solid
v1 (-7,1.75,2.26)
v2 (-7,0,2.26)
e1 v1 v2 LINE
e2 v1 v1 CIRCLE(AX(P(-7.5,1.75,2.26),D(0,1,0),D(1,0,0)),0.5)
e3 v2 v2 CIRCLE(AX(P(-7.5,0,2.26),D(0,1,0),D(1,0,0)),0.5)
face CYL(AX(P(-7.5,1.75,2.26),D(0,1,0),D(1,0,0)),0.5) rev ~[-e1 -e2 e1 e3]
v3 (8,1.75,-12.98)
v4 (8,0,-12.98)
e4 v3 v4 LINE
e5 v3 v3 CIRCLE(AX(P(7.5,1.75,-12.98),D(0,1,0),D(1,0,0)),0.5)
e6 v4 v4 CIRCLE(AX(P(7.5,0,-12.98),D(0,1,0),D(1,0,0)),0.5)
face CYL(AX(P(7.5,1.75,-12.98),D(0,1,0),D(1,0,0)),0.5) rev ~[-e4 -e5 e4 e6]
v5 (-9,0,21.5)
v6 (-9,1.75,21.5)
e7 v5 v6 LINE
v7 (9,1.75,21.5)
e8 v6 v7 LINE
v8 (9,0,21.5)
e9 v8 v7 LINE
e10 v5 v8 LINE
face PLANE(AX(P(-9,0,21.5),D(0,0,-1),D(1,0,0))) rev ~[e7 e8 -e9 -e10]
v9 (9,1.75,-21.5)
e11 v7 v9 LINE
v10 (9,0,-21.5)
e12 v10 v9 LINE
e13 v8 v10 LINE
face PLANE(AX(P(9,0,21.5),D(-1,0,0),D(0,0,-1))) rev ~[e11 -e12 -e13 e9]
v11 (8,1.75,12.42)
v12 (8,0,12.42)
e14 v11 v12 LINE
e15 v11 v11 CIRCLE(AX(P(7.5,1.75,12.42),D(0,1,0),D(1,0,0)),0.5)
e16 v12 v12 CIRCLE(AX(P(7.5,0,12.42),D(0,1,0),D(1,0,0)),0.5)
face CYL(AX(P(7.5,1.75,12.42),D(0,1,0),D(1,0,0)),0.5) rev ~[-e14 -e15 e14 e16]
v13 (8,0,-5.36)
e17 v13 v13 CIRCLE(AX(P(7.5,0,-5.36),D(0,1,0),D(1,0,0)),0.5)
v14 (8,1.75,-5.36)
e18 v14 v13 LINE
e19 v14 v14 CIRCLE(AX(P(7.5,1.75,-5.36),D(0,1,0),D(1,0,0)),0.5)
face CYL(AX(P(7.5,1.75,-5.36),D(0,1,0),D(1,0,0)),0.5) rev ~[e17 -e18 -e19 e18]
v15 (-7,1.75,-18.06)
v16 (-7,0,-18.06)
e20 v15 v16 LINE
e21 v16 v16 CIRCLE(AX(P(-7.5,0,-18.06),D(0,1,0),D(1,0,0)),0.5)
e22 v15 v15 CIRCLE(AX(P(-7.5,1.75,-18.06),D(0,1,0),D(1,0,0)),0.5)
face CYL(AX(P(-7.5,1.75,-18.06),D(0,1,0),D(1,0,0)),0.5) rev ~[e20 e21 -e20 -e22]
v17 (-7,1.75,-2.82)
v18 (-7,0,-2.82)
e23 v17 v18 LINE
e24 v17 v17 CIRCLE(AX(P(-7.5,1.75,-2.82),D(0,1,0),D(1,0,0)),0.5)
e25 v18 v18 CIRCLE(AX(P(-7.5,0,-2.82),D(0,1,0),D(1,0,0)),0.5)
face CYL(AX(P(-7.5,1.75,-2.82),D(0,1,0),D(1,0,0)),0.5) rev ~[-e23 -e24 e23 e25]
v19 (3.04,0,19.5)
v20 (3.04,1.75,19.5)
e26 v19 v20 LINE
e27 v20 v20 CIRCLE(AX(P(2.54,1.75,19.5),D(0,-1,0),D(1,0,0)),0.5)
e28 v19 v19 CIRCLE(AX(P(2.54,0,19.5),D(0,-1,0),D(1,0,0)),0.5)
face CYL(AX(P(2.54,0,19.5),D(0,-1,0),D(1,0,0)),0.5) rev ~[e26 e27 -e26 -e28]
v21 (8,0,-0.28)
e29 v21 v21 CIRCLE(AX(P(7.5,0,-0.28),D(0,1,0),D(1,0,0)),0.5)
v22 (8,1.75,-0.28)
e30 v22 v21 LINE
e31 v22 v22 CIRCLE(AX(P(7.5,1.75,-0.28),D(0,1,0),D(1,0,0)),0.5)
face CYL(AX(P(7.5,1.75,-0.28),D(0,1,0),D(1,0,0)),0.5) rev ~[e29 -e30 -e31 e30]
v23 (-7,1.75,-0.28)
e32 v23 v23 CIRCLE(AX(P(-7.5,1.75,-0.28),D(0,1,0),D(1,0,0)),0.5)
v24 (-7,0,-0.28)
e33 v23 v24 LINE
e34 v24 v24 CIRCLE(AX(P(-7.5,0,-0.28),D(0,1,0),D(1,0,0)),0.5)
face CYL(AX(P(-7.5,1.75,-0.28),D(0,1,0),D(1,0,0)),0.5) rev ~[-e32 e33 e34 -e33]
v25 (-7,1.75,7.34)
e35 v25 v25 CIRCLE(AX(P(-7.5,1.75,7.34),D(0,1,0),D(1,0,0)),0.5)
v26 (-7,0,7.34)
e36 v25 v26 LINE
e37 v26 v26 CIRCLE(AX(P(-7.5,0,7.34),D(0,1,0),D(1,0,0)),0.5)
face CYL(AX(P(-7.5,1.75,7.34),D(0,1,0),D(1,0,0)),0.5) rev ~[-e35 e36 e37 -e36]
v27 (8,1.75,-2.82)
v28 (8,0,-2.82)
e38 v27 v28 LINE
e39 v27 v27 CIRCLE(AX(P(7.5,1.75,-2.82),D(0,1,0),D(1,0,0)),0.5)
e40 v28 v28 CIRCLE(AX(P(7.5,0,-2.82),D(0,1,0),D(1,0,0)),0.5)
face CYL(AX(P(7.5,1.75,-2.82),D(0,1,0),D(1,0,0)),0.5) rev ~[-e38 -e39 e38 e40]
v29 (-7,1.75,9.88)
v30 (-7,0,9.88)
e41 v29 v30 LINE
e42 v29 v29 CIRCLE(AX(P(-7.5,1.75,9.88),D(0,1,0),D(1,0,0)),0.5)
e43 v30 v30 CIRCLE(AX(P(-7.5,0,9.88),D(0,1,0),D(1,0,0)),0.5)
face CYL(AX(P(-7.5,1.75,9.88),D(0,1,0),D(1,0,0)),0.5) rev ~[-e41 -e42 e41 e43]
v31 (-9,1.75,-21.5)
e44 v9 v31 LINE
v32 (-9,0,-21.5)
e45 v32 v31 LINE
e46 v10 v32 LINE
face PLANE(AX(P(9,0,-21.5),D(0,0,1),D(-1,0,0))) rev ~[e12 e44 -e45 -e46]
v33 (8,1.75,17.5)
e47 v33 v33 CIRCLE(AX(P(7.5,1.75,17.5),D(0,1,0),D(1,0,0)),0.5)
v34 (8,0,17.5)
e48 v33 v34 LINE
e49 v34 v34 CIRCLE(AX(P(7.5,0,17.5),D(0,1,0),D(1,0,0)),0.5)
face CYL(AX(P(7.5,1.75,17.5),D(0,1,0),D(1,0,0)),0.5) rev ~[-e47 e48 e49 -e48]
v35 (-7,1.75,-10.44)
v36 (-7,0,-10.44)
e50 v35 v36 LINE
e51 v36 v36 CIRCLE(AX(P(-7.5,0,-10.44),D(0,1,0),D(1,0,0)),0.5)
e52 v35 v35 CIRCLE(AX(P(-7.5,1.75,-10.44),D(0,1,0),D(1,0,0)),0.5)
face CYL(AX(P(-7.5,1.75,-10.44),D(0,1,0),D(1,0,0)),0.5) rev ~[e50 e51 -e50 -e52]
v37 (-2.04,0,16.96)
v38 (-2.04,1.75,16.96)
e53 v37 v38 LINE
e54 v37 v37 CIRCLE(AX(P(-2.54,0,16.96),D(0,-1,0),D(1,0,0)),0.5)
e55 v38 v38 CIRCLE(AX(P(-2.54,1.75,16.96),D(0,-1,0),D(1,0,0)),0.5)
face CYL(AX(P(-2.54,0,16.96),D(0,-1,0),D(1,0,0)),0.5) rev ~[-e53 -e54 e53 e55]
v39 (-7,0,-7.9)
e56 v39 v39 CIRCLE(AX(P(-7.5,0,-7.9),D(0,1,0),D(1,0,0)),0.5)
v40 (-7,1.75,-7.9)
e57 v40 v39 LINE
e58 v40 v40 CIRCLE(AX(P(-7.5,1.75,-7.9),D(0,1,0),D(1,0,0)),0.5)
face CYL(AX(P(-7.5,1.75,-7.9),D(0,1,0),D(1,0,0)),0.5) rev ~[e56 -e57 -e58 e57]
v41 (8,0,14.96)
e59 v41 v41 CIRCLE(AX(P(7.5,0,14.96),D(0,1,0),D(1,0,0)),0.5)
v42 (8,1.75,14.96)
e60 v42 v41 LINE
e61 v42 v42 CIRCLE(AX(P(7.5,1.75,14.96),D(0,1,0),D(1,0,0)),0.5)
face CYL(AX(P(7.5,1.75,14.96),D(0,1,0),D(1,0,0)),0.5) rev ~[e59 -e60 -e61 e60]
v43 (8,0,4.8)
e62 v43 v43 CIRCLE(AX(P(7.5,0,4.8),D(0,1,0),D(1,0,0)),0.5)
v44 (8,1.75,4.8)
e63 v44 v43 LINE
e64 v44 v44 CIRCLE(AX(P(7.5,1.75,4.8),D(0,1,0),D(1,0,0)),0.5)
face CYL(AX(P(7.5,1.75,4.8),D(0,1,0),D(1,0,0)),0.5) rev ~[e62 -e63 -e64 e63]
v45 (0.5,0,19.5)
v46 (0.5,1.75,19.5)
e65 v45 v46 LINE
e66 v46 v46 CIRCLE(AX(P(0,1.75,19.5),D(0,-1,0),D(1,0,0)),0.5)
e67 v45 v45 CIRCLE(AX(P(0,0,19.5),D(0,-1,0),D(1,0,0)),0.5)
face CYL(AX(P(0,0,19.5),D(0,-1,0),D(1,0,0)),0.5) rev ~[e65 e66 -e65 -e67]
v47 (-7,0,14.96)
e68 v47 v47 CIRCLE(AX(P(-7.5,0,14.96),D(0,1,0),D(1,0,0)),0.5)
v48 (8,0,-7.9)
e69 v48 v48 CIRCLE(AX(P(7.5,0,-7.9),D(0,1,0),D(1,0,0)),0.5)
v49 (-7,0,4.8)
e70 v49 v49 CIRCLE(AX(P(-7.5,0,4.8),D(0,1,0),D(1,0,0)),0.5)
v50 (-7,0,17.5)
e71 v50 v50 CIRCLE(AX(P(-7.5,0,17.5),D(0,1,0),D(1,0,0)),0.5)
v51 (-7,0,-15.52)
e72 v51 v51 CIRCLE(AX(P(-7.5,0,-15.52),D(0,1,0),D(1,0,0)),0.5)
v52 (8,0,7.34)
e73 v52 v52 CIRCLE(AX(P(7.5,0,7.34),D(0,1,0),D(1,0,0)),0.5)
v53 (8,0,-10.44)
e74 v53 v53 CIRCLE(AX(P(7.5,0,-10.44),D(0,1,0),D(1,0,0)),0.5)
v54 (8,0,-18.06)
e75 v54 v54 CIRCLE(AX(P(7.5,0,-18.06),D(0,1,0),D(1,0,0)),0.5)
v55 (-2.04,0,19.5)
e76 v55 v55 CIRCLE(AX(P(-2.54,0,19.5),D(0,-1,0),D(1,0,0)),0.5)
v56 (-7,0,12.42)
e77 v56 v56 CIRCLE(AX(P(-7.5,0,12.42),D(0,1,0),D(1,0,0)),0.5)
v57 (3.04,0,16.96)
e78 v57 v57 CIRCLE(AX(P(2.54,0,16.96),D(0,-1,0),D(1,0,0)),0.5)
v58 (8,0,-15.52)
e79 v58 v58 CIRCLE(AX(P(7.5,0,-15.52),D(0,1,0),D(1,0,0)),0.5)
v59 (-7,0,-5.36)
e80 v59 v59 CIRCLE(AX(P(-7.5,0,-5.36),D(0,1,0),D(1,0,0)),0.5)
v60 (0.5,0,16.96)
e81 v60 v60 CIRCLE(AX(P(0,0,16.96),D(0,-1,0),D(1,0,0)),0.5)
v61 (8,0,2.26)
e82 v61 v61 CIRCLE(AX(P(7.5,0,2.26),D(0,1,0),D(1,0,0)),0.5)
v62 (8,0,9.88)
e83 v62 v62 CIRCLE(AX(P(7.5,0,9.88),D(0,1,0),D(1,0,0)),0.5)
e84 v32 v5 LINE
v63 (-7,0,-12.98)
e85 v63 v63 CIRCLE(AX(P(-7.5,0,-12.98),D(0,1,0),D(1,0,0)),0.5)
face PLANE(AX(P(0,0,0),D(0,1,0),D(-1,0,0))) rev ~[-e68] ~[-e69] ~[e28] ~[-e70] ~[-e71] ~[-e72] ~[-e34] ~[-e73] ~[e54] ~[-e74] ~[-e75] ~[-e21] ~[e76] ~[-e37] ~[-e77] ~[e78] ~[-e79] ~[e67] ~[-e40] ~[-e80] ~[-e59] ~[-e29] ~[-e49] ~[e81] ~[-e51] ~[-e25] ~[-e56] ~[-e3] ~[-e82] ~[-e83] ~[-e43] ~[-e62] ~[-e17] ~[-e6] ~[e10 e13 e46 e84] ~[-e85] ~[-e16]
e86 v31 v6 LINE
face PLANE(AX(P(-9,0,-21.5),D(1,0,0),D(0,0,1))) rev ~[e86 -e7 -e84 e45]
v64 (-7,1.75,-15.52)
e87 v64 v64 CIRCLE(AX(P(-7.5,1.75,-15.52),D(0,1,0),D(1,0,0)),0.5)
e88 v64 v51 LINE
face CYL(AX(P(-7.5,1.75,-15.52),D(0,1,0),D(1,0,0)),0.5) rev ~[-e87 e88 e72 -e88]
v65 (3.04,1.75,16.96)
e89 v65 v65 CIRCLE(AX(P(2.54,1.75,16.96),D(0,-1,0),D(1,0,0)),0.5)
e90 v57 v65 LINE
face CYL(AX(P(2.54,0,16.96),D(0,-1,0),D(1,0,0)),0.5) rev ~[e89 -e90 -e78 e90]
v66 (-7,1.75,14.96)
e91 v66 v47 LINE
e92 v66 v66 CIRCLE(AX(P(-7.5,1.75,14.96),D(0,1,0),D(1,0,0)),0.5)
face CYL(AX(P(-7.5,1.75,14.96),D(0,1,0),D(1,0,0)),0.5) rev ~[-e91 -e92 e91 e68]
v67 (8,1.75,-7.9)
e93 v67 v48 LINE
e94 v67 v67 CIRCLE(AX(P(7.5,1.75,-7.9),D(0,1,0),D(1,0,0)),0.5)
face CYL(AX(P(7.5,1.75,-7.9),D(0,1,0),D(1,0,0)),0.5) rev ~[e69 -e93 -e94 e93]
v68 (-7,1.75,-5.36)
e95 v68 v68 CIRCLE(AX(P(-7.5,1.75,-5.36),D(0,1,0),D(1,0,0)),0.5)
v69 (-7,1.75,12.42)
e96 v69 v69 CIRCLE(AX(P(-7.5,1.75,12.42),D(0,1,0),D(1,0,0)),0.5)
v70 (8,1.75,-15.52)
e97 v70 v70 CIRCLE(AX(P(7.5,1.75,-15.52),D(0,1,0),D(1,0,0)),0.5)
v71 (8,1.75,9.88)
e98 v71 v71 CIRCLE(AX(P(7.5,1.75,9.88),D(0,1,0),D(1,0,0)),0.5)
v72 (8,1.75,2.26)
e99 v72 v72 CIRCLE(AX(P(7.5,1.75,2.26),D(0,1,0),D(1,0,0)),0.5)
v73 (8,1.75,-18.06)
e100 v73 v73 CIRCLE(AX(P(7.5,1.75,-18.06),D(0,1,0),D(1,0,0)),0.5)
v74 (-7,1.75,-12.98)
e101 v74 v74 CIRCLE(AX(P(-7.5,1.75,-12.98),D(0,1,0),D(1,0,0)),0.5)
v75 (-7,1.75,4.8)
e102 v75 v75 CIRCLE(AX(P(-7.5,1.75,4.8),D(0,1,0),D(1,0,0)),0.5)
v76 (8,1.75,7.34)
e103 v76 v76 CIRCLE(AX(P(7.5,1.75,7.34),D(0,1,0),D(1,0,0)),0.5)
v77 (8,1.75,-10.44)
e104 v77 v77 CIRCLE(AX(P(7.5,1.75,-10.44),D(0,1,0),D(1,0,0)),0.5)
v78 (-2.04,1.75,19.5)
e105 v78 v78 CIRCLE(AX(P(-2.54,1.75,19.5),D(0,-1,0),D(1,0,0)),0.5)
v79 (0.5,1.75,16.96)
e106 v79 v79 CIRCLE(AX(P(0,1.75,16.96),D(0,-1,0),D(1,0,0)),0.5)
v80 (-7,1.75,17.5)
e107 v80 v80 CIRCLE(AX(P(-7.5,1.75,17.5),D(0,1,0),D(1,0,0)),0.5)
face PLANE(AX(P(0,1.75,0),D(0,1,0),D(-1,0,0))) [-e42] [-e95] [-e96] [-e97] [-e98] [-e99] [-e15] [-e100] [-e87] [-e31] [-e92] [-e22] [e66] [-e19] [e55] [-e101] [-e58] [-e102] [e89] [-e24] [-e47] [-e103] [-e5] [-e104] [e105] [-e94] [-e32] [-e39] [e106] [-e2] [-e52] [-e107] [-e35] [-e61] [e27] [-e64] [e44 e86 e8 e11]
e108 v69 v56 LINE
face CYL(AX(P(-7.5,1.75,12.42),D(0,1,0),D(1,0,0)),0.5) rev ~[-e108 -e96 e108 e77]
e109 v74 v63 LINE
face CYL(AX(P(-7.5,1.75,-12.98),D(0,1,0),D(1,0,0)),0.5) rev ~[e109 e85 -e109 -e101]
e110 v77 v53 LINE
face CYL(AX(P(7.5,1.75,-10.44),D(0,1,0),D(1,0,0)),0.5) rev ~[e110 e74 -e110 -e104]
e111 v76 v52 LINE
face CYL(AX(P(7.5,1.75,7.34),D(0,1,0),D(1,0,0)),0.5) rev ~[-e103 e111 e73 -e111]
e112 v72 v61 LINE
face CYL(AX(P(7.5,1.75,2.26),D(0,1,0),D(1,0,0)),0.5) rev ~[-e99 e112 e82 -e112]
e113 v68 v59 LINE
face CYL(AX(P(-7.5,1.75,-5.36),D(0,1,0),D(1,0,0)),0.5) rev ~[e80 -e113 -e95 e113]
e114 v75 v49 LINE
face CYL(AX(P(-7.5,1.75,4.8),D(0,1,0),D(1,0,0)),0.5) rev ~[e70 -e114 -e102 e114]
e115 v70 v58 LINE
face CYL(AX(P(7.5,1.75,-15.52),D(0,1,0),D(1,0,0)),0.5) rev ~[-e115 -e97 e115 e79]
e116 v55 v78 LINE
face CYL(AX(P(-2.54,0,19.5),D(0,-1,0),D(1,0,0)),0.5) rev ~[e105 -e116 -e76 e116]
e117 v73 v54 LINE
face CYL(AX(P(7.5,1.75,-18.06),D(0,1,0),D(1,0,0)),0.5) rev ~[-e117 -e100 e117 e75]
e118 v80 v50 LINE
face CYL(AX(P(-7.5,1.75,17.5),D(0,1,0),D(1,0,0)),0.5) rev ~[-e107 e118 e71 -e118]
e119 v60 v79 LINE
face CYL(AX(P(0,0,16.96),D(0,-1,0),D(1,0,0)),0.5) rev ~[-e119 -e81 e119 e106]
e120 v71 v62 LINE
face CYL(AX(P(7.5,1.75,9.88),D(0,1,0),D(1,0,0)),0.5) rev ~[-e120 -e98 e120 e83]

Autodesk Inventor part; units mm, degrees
ref_plane "YZ Plane" through (0, 0, 0) normal (1, 0, 0) x (0, 1, 0)
ref_plane "XZ Plane" through (0, 0, 0) normal (0, 1, 0) x (-1, 0, 0)
ref_plane "XY Plane" through (0, 0, 0) normal (0, 0, 1) x (1, 0, 0)
sketch "Sketch1" plane through (0, 0, 0) normal (0, 1, 0) x (-1, 0, 0)
  line L0 (9, 21.5) -> (-9, 21.5)
  line L1 (-9, 21.5) -> (-9, -21.5)
  line L2 (-9, -21.5) -> (9, -21.5)
  line L3 (9, -21.5) -> (9, 21.5)
  line L4 (9, 21.5) -> (-9, -21.5) construction
  line L5 (-9, 21.5) -> (9, -21.5) construction
  point P0 (0, 0)
  dimension "d0" = 18
  dimension "d1" = 43
extrude "Extrusion1" add sketch "Sketch1" along normal blind 1.75
sketch "Sketch2" plane through (0, 1.75, 0) normal (0, 1, 0) x (1, 0, 0)
  circle A0 centre (-7.5, -17.5) radius 0.5
  line L0 (-9, -21.5) -> (9, -21.5) projected
  line L1 (-9, 21.5) -> (-9, -21.5) projected
  point P0 (0, 0)
  dimension "d4" = 1
  dimension "d5" = 4
  dimension "d6" = 1.5
extrude "Extrusion2" cut sketch "Sketch2" against normal blind 1.75
pattern_linear "Rectangular Pattern1" count 15 spacing 2.54 along (0, 0, -1) count 2 spacing 15 along (1, 0, 0) of "Extrusion2"
sketch "Sketch3" plane through (0, 0, 0) normal (0, -1, 0) x (1, 0, 0)
  circle A0 centre (0, 16.96) radius 0.5
  circle A1 centre (0, 19.5) radius 0.5
  circle A2 centre (2.54, 16.96) radius 0.5
  circle A3 centre (2.54, 19.5) radius 0.5
  line L0 (9, -21.5) -> (-9, -21.5) projected
  line L1 (-9, 21.5) -> (9, 21.5) projected
  circle A4 centre (-2.54, 19.5) radius 0.5
  circle A5 centre (-2.54, 16.96) radius 0.5
  point P0 (0, 0)
  dimension "d15" = 1
  dimension "d16" = 1
  dimension "d17" = 2.54
  dimension "d18" = 1
  dimension "d19" = 1
  dimension "d20" = 2.54
  dimension "d23" = 0
  dimension "d24" = 0
  dimension "d25" = 2.54
  dimension "d30" = 0
  dimension "d33" = 2
  dimension "d34" = 1
  dimension "d35" = 1
  dimension "d36" = 1.54
  dimension "d37" = 1.54
extrude "Extrusion3" cut sketch "Sketch3" against normal blind 10
properties part number "bord"
